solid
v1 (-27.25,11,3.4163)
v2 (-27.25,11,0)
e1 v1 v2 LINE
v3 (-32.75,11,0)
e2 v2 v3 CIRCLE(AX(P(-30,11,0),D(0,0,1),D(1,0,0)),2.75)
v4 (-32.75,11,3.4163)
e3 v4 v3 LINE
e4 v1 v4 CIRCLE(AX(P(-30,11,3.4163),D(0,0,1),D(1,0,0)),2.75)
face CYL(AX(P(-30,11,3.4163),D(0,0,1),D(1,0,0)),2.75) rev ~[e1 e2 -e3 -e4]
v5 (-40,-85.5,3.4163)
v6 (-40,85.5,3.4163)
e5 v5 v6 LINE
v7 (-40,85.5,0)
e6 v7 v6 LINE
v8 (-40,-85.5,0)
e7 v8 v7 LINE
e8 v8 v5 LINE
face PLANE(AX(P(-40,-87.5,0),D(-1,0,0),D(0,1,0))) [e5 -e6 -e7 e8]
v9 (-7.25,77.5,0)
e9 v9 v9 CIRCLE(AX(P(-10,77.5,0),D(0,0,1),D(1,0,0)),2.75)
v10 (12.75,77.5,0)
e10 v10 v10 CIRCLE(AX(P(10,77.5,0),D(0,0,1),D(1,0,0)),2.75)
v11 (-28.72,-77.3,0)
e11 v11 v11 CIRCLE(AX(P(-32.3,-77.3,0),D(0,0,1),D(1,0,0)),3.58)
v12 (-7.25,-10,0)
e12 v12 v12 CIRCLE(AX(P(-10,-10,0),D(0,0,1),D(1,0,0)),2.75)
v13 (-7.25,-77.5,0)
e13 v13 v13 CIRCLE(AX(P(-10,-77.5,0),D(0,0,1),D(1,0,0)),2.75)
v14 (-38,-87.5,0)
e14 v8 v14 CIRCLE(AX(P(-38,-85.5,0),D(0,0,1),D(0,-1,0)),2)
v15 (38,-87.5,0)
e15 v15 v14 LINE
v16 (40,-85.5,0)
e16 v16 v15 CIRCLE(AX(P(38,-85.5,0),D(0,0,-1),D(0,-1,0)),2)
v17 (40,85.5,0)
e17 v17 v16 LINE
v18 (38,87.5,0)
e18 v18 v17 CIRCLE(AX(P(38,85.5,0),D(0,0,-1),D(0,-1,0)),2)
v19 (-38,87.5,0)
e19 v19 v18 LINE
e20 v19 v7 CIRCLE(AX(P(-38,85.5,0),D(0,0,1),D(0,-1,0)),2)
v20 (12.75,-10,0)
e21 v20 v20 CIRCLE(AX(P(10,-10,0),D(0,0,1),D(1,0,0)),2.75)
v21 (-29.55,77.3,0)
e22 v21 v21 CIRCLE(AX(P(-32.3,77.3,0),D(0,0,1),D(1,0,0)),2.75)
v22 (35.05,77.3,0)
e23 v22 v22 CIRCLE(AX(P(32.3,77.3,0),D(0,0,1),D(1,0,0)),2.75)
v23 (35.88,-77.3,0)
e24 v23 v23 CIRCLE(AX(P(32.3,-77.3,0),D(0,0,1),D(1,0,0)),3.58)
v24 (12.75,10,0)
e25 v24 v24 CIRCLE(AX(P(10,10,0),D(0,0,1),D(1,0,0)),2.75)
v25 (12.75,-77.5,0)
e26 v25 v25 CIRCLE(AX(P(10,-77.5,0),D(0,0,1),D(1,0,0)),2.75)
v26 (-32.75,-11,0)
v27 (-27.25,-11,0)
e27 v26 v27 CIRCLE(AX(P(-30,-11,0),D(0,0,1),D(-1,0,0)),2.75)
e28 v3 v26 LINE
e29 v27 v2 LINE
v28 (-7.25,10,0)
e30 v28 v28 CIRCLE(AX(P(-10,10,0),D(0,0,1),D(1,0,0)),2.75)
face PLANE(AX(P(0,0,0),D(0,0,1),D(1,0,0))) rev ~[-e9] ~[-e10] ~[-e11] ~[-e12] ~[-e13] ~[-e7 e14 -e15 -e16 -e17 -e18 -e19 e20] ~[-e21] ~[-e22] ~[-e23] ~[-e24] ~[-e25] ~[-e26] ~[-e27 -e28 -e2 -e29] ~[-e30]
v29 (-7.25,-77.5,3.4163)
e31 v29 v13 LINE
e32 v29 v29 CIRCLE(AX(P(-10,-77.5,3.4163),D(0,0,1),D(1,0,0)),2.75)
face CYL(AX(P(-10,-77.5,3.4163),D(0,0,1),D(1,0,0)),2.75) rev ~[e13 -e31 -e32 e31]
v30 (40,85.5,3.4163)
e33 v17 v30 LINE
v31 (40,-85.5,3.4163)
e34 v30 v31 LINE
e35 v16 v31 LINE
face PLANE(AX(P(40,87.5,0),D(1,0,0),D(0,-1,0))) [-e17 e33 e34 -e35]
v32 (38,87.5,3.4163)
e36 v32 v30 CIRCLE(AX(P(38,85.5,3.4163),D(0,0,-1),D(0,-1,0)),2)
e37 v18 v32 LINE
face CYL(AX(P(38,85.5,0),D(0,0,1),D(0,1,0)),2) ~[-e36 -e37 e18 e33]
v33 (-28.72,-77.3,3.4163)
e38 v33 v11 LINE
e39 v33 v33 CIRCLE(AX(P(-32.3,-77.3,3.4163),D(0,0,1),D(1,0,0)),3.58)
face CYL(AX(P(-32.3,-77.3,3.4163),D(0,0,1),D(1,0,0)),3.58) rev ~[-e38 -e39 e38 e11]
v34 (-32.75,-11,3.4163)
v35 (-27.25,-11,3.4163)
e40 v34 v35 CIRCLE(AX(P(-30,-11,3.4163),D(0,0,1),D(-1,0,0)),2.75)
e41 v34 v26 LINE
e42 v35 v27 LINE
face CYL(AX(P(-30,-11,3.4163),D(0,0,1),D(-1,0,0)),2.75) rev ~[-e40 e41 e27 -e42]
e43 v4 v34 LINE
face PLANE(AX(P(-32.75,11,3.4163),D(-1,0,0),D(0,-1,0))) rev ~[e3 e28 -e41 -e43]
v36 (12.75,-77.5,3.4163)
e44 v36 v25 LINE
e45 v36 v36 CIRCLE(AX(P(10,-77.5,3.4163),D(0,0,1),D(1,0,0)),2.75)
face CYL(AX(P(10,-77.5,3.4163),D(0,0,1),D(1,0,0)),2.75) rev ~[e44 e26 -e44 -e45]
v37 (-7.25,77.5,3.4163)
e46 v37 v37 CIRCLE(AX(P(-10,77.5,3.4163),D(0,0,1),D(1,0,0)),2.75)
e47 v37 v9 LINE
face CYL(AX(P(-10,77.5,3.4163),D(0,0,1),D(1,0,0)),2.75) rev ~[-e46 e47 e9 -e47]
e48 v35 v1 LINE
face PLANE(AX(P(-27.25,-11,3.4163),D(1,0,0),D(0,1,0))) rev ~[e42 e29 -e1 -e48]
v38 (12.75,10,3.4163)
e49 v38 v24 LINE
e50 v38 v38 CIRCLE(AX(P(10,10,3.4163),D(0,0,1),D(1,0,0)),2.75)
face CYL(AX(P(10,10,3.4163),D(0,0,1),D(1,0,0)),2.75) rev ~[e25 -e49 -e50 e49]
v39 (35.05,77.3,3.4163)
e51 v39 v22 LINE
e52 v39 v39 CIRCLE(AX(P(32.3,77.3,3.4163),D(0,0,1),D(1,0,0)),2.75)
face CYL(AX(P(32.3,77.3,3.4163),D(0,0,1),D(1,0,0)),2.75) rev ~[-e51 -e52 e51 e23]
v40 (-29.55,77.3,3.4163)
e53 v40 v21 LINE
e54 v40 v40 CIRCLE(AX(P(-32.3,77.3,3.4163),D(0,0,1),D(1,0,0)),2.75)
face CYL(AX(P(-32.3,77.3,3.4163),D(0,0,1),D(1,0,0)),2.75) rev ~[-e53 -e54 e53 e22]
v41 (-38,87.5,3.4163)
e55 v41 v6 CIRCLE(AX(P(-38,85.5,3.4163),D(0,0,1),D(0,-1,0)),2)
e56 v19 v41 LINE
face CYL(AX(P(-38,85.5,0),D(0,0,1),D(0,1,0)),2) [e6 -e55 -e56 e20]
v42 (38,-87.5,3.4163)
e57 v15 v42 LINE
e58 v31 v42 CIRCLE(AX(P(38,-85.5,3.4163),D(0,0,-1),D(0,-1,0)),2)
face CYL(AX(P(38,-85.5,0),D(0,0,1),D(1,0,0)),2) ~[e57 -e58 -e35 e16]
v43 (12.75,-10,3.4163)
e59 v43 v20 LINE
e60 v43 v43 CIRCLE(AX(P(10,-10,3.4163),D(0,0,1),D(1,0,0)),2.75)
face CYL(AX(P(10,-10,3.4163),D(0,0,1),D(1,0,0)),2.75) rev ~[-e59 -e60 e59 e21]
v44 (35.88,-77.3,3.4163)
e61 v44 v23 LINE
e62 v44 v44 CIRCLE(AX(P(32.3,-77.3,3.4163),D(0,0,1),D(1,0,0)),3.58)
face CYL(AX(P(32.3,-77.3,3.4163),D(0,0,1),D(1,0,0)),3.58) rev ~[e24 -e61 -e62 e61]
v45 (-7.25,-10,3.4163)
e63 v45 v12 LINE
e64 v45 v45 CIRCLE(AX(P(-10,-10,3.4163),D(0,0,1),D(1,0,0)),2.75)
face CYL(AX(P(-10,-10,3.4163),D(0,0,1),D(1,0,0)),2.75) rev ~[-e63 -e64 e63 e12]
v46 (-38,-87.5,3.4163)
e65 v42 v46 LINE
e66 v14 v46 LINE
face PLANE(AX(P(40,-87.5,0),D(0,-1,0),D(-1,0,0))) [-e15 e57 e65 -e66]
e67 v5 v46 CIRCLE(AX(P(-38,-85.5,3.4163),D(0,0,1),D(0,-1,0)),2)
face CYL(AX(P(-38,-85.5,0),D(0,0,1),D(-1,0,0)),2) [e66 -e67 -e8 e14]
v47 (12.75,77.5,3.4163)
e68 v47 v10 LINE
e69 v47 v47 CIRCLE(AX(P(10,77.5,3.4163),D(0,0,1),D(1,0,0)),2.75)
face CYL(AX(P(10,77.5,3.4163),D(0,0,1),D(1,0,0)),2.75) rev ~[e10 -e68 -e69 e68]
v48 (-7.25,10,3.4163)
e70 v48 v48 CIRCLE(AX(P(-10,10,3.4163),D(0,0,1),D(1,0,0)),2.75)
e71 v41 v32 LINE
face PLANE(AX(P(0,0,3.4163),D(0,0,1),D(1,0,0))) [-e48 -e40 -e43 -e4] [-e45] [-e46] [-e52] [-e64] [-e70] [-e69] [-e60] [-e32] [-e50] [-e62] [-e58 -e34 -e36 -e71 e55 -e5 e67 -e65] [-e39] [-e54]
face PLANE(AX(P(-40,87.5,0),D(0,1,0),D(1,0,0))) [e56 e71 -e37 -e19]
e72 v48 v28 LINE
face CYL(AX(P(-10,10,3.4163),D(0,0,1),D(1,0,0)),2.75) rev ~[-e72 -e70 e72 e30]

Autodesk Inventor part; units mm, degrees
ref_plane "YZ Plane" through (0, 0, 0) normal (1, 0, 0) x (0, 1, 0)
ref_plane "XZ Plane" through (0, 0, 0) normal (0, 1, 0) x (-1, 0, 0)
ref_plane "XY Plane" through (0, 0, 0) normal (0, 0, 1) x (1, 0, 0)
sketch "Sketch1" plane through (0, 0, 0) normal (0, 0, 1) x (1, 0, 0)
  line L0 (-40, 87.5) -> (40, 87.5)
  line L1 (40, 87.5) -> (40, -87.5)
  line L2 (40, -87.5) -> (-40, -87.5)
  line L3 (-40, -87.5) -> (-40, 87.5)
  point P0 (0, 0)
  dimension "d0" = 80
  dimension "d1" = 175
  dimension "d2" = 40
  dimension "d3" = 87.5
extrude "Extrusion1" add sketch "Sketch1" along normal blind 3.4163
sketch "Sketch2" plane through (0, 0, 3.4163) normal (0, 0, 1) x (1, 0, 0)
  line L0 (40, 87.5) -> (-40, 87.5) projected
  line L1 (-40, 87.5) -> (-40, -87.5) projected
  circle A0 centre (-32.3, 77.3) radius 2.75
  circle A1 centre (32.3, 77.3) radius 2.75
  point P0 (0, 0)
  dimension "d6" = 5.5
  dimension "d7" = 10.2
  dimension "d12" = 5.5
  dimension "d13" = 64.6
  dimension "d14" = 7.7
  dimension "d15" = 10.2
extrude "Extrusion2" cut sketch "Sketch2" against normal through all
pattern_linear "Rectangular Pattern1" count 2 spacing 154.6 along (0, -1, 0) of "Extrusion2"
sketch "Sketch3" plane through (0, 0, 3.4163) normal (0, 0, 1) x (1, 0, 0)
  line L0 (40, 87.5) -> (-40, 87.5) projected
  line L1 (-40, 87.5) -> (-40, -87.5) projected
  line L2 (-30, 11) -> (-30, -11) construction
  line L3 (-32.75, 11) -> (-32.75, -11)
  line L4 (-27.25, -11) -> (-27.25, 11)
  arc A0 (-27.25, 11) -> (-32.75, 11) centre (-30, 11) ccw
  arc A1 (-32.75, -11) -> (-27.25, -11) centre (-30, -11) ccw
  point P0 (0, 0)
  point P1 (-30, 0)
  dimension "d25" = 22
  dimension "d26" = 5.5
  dimension "d27" = 76.5
  dimension "d35" = 10
extrude "Extrusion3" cut sketch "Sketch3" against normal through all
sketch "Sketch4" plane through (0, 0, 3.4163) normal (0, 0, 1) x (1, 0, 0)
  circle A0 centre (-32.3, -77.3) radius 2.75 projected
  circle A1 centre (32.3, -77.3) radius 2.75 projected
  circle A2 centre (-32.3, -77.3) radius 3.58
  circle A3 centre (32.3, -77.3) radius 3.58
  point P0 (0, 0)
  dimension "d31" = 7.16
  dimension "d32" = 7.16
extrude "Extrusion4" cut sketch "Sketch4" against normal through all
fillet "Fillet1" radius 2 4 edges at (40, 87.5, 1.7082) (-40, 87.5, 1.7082) (-40, -87.5, 1.7082) (40, -87.5, 1.7082)
sketch "Sketch5" plane through (0, 0, 3.4163) normal (0, 0, 1) x (1, 0, 0)
  line L0 (38, 87.5) -> (-38, 87.5) projected
  line L1 (-40, 85.5) -> (-40, -85.5) projected
  circle A0 centre (-10, 77.5) radius 2.75
  line L2 (-38, -87.5) -> (38, -87.5) projected
  circle A1 centre (-10, 10) radius 2.75
  circle A2 centre (-10, -10) radius 2.75
  circle A3 centre (-10, -77.5) radius 2.75
  point P0 (0, 0)
  dimension "d37" = 5.5
  dimension "d38" = 30
  dimension "d39" = 10
  dimension "d48" = 5.5
  dimension "d49" = 77.5
  dimension "d50" = 5.5
  dimension "d51" = 97.5
  dimension "d52" = 5.5
  dimension "d53" = 10
  dimension "d54" = 30
  dimension "d55" = 30
  dimension "d56" = 30
extrude "Extrusion5" cut sketch "Sketch5" against normal through all
pattern_linear "Rectangular Pattern3" count 2 spacing 20 along (1, 0, 0) of "Extrusion5"
equation "\"d2\" = 0.5 * d0"
equation "\"d3\" = 0.5 * d1"
equation "\"d15\" = d7"
properties part number "x-carriage" material "Steel, Mild"
